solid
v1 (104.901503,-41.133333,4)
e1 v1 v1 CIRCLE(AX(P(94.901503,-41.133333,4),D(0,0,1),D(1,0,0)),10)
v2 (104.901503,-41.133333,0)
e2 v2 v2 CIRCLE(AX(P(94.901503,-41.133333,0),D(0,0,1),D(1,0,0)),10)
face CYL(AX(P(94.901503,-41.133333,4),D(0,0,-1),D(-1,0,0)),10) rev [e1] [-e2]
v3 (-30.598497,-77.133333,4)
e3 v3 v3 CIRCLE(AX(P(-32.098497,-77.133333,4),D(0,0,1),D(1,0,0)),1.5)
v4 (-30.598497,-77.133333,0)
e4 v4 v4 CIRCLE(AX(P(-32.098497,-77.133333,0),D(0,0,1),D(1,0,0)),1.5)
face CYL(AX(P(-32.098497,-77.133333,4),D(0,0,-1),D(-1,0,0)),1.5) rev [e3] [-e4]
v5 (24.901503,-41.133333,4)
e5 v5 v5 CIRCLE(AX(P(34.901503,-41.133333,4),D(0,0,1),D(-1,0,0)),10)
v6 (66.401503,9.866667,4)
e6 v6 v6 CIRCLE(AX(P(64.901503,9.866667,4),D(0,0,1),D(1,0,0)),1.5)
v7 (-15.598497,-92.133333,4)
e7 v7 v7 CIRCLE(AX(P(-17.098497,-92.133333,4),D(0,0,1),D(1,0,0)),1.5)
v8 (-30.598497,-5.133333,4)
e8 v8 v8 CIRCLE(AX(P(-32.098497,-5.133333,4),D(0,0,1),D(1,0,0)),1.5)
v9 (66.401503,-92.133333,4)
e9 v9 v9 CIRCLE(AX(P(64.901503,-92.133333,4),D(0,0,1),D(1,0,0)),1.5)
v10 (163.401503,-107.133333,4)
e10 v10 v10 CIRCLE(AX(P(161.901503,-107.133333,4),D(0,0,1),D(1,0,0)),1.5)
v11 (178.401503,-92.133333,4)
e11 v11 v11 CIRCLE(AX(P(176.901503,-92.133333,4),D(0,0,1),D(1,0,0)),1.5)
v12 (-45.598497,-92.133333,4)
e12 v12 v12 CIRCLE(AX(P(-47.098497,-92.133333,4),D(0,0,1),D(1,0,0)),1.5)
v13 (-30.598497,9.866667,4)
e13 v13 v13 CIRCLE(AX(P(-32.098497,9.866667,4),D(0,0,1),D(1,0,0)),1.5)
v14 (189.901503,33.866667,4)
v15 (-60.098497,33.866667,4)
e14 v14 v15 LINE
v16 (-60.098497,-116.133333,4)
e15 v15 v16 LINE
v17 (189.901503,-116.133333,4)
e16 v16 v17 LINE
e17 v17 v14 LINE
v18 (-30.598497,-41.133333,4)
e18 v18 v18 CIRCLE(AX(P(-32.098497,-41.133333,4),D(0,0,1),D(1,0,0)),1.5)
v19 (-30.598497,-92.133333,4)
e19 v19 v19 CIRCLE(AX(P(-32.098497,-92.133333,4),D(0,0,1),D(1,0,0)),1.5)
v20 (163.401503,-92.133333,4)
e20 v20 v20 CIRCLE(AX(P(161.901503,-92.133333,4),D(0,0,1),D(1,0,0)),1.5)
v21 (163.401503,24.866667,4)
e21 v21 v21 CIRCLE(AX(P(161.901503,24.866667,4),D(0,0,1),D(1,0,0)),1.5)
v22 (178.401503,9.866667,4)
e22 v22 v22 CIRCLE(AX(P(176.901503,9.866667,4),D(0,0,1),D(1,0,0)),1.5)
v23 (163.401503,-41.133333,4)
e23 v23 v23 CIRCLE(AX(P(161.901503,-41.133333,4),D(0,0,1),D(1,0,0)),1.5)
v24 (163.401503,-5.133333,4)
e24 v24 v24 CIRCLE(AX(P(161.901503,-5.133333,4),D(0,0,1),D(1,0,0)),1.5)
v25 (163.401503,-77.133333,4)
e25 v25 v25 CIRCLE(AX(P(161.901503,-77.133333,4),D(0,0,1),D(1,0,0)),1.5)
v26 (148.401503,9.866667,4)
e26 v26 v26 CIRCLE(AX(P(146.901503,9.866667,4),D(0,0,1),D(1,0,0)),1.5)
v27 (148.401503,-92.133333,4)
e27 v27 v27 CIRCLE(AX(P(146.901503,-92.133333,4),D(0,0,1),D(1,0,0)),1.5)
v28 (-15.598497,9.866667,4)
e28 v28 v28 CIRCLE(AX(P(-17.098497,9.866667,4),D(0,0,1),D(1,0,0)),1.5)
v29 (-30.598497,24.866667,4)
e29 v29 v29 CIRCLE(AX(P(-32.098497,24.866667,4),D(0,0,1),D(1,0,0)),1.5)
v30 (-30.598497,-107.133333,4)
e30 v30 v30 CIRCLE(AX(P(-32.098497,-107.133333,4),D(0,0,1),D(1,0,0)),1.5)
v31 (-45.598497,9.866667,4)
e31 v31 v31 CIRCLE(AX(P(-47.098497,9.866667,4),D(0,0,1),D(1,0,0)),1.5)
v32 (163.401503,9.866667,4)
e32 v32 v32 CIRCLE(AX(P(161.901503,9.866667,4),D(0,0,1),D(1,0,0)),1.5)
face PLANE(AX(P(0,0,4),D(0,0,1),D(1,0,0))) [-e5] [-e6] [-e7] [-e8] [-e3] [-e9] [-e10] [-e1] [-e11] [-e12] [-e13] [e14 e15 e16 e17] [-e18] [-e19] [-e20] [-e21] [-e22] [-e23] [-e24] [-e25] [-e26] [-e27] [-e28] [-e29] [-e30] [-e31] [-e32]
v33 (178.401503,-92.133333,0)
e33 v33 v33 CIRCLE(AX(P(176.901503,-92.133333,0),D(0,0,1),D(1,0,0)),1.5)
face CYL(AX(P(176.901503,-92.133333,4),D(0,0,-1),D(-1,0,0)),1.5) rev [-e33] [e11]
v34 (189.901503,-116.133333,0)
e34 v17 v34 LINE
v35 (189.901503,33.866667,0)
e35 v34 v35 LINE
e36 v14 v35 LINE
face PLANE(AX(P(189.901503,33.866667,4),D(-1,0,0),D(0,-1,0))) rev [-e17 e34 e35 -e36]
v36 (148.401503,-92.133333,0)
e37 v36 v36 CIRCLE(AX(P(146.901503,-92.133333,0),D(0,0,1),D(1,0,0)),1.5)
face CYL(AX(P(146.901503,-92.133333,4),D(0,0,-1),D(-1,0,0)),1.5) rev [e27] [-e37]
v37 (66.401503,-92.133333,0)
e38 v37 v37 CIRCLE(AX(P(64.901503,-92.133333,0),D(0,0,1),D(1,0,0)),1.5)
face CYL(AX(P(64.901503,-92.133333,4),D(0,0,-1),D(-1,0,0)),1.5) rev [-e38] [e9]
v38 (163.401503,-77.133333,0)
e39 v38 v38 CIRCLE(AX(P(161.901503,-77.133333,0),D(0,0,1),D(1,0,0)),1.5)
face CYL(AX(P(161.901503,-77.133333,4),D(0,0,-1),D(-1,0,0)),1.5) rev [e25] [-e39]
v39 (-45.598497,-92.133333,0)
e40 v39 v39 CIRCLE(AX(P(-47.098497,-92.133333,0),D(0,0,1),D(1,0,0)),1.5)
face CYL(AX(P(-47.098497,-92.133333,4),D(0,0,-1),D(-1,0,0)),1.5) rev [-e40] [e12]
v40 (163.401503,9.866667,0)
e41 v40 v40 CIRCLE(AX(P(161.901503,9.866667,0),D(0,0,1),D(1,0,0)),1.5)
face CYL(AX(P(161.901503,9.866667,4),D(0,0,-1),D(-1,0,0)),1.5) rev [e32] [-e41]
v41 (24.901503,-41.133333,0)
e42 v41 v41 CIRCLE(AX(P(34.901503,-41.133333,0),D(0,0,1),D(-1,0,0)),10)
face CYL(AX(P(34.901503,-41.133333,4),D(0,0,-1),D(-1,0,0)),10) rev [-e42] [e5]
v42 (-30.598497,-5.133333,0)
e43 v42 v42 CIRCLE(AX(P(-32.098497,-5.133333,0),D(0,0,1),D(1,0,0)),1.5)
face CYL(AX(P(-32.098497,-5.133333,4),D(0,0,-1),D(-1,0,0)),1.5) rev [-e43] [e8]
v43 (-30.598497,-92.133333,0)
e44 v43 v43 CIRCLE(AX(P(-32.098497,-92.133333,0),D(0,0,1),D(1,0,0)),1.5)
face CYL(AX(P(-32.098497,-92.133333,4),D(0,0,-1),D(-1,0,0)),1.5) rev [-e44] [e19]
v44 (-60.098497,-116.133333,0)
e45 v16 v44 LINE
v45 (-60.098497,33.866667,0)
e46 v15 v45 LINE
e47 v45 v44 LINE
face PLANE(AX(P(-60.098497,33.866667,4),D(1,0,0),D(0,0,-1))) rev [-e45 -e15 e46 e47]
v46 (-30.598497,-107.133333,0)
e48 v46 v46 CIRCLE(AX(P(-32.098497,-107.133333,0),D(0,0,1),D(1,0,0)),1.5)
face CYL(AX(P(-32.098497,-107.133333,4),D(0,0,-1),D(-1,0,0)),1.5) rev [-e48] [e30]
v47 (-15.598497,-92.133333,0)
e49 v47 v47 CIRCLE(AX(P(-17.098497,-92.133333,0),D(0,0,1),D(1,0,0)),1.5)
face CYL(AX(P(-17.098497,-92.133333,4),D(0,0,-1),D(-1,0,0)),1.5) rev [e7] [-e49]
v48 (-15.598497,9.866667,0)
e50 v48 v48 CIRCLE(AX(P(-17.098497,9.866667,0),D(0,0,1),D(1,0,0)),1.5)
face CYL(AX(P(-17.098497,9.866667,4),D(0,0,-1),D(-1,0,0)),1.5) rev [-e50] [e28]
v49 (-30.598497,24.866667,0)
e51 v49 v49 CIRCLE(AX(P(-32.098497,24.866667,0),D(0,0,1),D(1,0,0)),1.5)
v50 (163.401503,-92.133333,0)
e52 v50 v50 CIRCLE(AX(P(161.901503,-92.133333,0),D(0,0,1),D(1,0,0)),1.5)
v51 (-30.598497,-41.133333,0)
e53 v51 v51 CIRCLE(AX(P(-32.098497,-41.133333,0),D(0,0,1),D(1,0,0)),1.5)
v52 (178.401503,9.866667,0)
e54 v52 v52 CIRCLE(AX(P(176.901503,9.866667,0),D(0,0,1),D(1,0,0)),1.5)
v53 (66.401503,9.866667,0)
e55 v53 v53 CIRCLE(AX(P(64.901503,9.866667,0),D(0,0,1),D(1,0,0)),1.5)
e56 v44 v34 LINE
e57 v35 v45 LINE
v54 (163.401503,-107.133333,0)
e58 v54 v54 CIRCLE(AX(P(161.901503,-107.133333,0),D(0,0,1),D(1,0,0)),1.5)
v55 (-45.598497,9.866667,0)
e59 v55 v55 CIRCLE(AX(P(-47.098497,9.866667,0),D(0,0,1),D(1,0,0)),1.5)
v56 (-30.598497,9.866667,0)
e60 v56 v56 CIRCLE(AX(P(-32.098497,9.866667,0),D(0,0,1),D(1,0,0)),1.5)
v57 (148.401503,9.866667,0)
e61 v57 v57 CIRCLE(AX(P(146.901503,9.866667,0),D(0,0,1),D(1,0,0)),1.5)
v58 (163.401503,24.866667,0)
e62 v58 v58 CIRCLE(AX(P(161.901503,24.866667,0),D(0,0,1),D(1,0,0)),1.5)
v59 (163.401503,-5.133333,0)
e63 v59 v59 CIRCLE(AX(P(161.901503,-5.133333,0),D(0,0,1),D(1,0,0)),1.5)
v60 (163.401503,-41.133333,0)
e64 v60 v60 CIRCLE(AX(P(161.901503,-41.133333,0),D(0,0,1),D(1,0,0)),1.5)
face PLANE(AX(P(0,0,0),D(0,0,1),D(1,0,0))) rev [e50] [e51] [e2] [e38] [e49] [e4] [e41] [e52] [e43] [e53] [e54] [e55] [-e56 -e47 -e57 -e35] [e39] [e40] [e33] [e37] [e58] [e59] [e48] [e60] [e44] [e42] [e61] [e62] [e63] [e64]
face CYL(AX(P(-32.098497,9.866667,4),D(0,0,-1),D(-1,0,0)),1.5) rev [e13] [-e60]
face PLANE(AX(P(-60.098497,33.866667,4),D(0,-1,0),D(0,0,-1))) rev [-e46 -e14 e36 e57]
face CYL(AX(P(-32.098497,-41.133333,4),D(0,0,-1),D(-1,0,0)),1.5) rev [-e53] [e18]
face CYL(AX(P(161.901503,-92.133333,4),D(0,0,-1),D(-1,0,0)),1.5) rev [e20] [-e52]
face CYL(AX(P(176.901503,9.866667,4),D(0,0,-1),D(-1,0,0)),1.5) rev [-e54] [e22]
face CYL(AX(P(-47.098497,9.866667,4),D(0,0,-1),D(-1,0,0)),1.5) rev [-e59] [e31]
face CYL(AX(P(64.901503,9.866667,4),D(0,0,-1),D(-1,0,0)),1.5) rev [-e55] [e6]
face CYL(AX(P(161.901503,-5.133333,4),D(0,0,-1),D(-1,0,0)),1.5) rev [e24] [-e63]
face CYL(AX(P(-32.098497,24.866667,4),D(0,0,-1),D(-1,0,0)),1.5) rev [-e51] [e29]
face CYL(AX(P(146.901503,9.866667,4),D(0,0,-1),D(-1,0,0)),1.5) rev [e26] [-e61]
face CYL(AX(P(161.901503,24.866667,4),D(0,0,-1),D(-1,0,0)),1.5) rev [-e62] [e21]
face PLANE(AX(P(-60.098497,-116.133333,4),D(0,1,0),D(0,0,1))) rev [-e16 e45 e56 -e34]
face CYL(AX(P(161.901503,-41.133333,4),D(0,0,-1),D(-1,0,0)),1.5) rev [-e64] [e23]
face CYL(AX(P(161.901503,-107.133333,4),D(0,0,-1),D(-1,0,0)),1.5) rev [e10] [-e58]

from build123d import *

# Parameters (mm, degrees)
SKETCH1_W           = 250
SKETCH1_H           = 150
SKETCH1_R           = 1.5
SKETCH1_R_2         = 10
BOSS_EXTRUDE1_DEPTH = 4


with BuildPart() as part:
    # Sketch1 → Boss-Extrude1 (new body)
    with BuildSketch(Plane.XY):
        with Locations((64.901502586, -41.133333333)):
            Rectangle(SKETCH1_W, SKETCH1_H)
        with Locations((-32.098497414, -92.133333333)):
            Circle(SKETCH1_R, mode=Mode.SUBTRACT)
        with Locations((-17.098497414, -92.133333333)):
            Circle(SKETCH1_R, mode=Mode.SUBTRACT)
        with Locations((-32.098497414, -107.133333333)):
            Circle(SKETCH1_R, mode=Mode.SUBTRACT)
        with Locations((-47.098497414, -92.133333333)):
            Circle(SKETCH1_R, mode=Mode.SUBTRACT)
        with Locations((-32.098497414, -77.133333333)):
            Circle(SKETCH1_R, mode=Mode.SUBTRACT)
        with Locations((176.901502586, -92.133333333)):
            Circle(SKETCH1_R, mode=Mode.SUBTRACT)
        with Locations((161.901502586, -92.133333333)):
            Circle(SKETCH1_R, mode=Mode.SUBTRACT)
        with Locations((161.901502586, -77.133333333)):
            Circle(SKETCH1_R, mode=Mode.SUBTRACT)
        with Locations((146.901502586, -92.133333333)):
            Circle(SKETCH1_R, mode=Mode.SUBTRACT)
        with Locations((161.901502586, -107.133333333)):
            Circle(SKETCH1_R, mode=Mode.SUBTRACT)
        with Locations((176.901502586, 9.866666667)):
            Circle(SKETCH1_R, mode=Mode.SUBTRACT)
        with Locations((161.901502586, 9.866666667)):
            Circle(SKETCH1_R, mode=Mode.SUBTRACT)
        with Locations((161.901502586, 24.866666667)):
            Circle(SKETCH1_R, mode=Mode.SUBTRACT)
        with Locations((146.901502586, 9.866666667)):
            Circle(SKETCH1_R, mode=Mode.SUBTRACT)
        with Locations((161.901502586, -5.133333333)):
            Circle(SKETCH1_R, mode=Mode.SUBTRACT)
        with Locations((-17.098497414, 9.866666667)):
            Circle(SKETCH1_R, mode=Mode.SUBTRACT)
        with Locations((-32.098497414, 9.866666667)):
            Circle(SKETCH1_R, mode=Mode.SUBTRACT)
        with Locations((-32.098497414, 24.866666667)):
            Circle(SKETCH1_R, mode=Mode.SUBTRACT)
        with Locations((-47.098497414, 9.866666667)):
            Circle(SKETCH1_R, mode=Mode.SUBTRACT)
        with Locations((-32.098497414, -5.133333333)):
            Circle(SKETCH1_R, mode=Mode.SUBTRACT)
        with Locations((-32.098497414, -41.133333333)):
            Circle(SKETCH1_R, mode=Mode.SUBTRACT)
        with Locations((161.901502586, -41.133333333)):
            Circle(SKETCH1_R, mode=Mode.SUBTRACT)
        with Locations((64.901502586, 9.866666667)):
            Circle(SKETCH1_R, mode=Mode.SUBTRACT)
        with Locations((64.901502586, -92.133333333)):
            Circle(SKETCH1_R, mode=Mode.SUBTRACT)
        with Locations((94.901502586, -41.133333333)):
            Circle(SKETCH1_R_2, mode=Mode.SUBTRACT)
        with Locations((34.901502586, -41.133333333)):
            Circle(SKETCH1_R_2, mode=Mode.SUBTRACT)
    extrude(amount=BOSS_EXTRUDE1_DEPTH)


solid = part.part
